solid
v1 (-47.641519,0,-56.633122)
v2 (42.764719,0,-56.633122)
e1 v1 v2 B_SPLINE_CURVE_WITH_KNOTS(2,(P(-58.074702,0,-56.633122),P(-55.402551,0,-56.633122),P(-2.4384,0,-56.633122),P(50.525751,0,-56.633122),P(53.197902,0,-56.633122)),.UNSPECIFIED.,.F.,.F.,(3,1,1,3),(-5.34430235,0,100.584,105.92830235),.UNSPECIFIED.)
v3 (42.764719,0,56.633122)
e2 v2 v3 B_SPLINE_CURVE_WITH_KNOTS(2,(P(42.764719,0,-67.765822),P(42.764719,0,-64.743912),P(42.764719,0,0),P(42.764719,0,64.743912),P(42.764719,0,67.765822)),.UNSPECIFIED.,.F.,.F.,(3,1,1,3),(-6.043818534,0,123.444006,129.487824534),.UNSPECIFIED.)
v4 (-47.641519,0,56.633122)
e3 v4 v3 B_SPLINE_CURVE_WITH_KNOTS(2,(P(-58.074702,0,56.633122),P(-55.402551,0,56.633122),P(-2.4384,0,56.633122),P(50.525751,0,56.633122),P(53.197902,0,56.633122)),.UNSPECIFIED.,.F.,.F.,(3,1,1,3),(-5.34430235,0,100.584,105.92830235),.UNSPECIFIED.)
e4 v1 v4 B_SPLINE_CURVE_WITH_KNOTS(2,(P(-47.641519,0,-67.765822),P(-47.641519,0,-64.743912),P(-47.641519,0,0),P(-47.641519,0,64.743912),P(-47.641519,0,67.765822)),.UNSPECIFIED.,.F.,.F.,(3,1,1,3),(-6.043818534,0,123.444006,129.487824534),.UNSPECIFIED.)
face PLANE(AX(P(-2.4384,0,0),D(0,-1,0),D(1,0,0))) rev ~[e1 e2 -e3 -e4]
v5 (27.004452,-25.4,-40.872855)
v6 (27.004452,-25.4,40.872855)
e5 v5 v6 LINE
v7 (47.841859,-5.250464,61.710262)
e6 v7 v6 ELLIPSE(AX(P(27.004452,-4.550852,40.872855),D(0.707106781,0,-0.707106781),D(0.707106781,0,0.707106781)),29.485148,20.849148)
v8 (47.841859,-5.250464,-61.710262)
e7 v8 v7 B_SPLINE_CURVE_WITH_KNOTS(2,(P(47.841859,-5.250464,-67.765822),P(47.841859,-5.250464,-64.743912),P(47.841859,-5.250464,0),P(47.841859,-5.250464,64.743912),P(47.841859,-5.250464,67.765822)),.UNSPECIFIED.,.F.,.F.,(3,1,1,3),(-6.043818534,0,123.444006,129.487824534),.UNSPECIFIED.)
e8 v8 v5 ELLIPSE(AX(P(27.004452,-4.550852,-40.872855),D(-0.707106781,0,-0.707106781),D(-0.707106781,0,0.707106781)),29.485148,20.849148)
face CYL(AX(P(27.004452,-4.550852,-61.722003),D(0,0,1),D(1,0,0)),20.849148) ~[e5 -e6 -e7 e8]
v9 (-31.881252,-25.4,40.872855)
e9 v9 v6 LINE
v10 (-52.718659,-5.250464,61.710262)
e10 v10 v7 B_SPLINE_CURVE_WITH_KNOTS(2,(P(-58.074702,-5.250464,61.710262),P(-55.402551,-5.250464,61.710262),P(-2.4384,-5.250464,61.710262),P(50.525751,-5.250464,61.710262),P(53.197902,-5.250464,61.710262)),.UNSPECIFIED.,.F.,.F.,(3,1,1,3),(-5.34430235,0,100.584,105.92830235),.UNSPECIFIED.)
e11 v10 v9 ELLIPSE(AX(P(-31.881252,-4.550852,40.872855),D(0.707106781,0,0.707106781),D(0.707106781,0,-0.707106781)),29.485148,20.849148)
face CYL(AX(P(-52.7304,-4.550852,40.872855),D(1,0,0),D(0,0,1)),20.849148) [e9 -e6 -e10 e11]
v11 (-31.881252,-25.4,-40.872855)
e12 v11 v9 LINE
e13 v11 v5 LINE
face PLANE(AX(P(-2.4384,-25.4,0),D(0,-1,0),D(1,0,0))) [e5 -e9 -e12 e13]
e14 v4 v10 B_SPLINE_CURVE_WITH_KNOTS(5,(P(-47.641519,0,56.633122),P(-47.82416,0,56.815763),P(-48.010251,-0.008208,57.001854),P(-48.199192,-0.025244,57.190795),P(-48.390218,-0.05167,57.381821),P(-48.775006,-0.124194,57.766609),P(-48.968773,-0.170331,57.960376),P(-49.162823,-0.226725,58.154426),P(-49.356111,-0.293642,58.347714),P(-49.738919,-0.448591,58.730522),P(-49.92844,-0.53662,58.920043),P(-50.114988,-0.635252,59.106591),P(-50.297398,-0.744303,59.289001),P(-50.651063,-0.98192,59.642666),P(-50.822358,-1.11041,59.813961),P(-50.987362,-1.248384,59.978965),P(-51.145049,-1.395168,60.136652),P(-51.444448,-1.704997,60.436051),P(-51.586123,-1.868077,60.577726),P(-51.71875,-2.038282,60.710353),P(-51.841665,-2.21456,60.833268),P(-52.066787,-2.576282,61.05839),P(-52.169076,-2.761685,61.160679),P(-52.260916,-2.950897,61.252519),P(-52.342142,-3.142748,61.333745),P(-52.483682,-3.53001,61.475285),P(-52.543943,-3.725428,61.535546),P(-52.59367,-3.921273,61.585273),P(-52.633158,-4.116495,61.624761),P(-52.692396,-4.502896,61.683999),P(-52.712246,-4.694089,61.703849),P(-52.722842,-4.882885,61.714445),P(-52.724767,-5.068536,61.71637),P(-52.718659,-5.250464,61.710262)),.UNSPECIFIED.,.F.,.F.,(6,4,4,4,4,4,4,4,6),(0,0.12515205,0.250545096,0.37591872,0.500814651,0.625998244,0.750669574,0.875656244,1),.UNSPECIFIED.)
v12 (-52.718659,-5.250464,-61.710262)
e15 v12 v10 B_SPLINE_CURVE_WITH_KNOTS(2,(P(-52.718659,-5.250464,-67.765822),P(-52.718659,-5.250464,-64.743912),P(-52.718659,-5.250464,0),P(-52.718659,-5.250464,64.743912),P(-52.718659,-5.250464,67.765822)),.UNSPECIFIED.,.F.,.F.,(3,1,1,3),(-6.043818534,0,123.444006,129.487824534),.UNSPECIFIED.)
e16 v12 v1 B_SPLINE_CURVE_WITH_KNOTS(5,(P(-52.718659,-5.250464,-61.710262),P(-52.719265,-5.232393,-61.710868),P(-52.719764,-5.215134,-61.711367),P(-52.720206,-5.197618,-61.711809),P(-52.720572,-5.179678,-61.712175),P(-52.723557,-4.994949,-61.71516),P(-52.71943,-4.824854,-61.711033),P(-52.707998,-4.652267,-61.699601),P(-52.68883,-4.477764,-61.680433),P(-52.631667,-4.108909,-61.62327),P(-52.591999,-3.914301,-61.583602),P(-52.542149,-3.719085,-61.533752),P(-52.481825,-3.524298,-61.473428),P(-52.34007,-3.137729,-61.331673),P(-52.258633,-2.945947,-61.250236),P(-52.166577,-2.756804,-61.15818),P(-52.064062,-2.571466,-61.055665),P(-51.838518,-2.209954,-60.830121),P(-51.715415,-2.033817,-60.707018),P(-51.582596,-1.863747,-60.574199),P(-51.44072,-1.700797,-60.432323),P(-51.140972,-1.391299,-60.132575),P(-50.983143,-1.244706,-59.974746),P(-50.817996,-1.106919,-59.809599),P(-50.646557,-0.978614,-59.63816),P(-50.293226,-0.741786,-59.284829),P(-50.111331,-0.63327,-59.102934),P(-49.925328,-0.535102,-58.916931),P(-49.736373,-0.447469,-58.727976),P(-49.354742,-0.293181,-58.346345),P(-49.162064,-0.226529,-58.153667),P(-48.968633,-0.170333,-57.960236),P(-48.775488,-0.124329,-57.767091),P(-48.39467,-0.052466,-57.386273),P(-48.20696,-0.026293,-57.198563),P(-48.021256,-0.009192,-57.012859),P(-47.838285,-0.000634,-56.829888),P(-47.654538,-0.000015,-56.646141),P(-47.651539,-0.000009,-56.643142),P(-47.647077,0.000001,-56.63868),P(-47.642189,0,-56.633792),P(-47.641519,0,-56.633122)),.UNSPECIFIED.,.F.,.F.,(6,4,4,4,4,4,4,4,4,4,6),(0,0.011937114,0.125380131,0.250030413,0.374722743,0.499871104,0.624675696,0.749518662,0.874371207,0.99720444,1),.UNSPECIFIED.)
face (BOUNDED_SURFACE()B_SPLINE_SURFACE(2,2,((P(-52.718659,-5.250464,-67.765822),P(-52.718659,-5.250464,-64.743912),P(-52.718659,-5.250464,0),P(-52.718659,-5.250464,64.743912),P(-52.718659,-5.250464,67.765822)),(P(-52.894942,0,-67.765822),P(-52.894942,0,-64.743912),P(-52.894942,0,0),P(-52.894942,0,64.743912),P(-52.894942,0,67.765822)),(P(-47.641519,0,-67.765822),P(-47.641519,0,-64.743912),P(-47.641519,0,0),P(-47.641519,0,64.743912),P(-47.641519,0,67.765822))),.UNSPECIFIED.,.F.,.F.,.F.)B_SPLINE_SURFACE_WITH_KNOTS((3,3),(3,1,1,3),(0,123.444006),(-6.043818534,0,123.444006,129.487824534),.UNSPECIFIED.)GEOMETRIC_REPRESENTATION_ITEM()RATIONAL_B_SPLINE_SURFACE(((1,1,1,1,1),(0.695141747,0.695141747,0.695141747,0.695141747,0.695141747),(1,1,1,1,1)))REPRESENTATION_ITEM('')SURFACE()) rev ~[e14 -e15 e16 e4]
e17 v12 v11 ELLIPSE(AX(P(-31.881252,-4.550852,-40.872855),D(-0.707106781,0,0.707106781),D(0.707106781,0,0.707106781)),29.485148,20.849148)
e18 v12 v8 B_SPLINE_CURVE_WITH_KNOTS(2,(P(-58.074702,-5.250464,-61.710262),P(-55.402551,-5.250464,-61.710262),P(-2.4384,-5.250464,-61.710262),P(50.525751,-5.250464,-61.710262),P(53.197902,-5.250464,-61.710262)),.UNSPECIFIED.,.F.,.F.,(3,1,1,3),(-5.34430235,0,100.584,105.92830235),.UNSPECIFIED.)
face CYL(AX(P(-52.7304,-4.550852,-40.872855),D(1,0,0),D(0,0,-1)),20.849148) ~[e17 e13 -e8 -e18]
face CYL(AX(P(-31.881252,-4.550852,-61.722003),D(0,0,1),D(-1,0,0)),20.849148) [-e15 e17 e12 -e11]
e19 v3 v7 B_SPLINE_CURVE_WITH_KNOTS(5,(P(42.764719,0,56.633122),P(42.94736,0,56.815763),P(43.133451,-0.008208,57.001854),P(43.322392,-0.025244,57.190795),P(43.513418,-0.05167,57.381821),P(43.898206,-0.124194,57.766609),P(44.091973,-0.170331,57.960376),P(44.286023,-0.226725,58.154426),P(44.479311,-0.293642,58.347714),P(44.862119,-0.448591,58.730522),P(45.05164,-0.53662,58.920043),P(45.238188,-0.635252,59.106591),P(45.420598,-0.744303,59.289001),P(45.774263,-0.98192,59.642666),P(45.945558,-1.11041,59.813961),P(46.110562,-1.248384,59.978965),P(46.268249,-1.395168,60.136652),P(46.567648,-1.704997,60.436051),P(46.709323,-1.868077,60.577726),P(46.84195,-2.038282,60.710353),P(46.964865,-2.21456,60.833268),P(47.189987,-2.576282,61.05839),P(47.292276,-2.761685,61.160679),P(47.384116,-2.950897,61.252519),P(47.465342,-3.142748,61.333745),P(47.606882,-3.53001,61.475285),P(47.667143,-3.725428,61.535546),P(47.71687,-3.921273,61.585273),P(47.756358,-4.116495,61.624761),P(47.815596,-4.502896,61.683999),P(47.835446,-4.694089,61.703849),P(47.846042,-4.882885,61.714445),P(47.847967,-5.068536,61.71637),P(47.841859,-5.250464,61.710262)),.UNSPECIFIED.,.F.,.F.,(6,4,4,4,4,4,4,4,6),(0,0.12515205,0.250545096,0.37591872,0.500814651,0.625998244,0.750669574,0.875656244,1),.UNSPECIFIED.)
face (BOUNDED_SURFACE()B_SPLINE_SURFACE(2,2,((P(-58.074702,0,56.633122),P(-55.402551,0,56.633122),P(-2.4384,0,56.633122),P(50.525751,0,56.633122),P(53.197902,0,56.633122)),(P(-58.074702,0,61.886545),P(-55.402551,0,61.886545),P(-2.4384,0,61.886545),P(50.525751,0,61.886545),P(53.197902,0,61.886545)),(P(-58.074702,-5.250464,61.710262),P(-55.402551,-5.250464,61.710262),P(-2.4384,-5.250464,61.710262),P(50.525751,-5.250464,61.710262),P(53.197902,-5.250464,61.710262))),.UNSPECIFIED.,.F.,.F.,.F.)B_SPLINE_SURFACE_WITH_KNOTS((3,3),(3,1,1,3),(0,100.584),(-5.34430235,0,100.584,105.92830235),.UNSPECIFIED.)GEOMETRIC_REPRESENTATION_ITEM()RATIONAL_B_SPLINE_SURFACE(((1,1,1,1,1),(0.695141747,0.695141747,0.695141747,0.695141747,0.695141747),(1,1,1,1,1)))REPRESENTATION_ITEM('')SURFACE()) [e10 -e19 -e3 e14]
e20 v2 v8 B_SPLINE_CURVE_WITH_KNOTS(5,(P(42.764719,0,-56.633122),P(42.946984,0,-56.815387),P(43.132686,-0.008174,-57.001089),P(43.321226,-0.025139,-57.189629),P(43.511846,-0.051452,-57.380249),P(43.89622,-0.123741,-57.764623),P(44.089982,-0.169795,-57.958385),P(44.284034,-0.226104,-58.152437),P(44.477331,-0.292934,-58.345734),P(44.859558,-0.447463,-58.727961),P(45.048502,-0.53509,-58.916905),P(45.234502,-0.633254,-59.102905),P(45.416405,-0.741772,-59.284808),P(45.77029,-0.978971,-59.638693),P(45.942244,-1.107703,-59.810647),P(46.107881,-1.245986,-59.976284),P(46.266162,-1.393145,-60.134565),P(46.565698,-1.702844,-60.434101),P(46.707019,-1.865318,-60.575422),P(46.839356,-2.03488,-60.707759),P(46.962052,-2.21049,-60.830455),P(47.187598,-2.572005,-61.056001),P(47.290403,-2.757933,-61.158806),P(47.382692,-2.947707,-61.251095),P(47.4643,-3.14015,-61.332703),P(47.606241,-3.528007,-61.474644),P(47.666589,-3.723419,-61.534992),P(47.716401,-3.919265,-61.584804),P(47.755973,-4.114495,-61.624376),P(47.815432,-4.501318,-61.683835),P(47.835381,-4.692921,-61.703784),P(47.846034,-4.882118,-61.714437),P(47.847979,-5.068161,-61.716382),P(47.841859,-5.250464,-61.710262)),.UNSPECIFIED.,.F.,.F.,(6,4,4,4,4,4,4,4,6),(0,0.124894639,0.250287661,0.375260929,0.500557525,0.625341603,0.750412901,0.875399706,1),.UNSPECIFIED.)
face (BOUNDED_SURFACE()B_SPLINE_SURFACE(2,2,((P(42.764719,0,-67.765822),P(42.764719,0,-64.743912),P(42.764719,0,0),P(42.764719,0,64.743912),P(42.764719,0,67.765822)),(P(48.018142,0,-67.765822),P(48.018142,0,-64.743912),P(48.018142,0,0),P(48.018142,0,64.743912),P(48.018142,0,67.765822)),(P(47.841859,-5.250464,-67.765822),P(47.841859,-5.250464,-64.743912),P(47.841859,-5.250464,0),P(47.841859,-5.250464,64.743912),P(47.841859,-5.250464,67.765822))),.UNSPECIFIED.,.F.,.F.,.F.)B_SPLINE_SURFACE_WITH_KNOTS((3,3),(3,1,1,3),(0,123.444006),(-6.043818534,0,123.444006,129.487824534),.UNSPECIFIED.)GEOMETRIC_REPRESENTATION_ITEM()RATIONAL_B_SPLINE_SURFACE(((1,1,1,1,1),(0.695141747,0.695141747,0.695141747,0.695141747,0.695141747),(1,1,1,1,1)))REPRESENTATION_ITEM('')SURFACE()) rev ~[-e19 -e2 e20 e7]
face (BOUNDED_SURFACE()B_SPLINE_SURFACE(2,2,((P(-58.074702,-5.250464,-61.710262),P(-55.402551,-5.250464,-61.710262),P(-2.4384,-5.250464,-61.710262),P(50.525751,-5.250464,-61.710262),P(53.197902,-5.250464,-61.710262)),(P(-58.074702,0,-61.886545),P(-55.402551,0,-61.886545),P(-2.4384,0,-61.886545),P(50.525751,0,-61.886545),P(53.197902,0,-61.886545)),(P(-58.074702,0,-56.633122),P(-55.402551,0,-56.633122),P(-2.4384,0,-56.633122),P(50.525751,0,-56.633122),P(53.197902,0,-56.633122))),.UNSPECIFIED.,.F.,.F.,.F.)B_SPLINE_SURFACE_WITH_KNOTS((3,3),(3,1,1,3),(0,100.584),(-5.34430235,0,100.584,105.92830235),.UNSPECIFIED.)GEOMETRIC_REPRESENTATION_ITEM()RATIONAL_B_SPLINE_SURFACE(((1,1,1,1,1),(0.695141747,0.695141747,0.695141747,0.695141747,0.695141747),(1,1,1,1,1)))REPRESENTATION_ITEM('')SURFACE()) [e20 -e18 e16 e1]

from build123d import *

# Parameters (mm, degrees)
F0_W     = 100.584
F0_H     = 123.444006
F1_DEPTH = 25.4
F2_R     = 20.849148
F3_R     = 5.08


with BuildPart() as f1:
    # F0 (on Front) → F1 (new body)
    with BuildSketch(Plane.XZ):
        with Locations((-2.4384, 0)):
            Rectangle(F0_W, F0_H)
    extrude(amount=F1_DEPTH)

    # F2
    f2_edges = [f1.edges().sort_by_distance(p)[0] for p in [
        (47.8536, -25.4, 0),
        (-2.4384, -25.4, 61.722003),
        (-52.7304, -25.4, 0),
        (-2.4384, -25.4, -61.722003),
    ]]
    fillet(f2_edges, radius=F2_R)

    # F3
    f3_edges = [f1.edges().sort_by_distance(p)[0] for p in [
        (47.8536, 0, 0),
        (-2.4384, 0, 61.722003),
        (-52.7304, 0, 0),
        (-2.4384, 0, -61.722003),
        (27.004452, -25.4, 0),
        (-2.4384, -25.4, -40.872855),
        (-2.4384, -25.4, 40.872855),
        (-31.881252, -25.4, 0),
    ]]
    fillet(f3_edges, radius=F3_R)


solid = f1.part
